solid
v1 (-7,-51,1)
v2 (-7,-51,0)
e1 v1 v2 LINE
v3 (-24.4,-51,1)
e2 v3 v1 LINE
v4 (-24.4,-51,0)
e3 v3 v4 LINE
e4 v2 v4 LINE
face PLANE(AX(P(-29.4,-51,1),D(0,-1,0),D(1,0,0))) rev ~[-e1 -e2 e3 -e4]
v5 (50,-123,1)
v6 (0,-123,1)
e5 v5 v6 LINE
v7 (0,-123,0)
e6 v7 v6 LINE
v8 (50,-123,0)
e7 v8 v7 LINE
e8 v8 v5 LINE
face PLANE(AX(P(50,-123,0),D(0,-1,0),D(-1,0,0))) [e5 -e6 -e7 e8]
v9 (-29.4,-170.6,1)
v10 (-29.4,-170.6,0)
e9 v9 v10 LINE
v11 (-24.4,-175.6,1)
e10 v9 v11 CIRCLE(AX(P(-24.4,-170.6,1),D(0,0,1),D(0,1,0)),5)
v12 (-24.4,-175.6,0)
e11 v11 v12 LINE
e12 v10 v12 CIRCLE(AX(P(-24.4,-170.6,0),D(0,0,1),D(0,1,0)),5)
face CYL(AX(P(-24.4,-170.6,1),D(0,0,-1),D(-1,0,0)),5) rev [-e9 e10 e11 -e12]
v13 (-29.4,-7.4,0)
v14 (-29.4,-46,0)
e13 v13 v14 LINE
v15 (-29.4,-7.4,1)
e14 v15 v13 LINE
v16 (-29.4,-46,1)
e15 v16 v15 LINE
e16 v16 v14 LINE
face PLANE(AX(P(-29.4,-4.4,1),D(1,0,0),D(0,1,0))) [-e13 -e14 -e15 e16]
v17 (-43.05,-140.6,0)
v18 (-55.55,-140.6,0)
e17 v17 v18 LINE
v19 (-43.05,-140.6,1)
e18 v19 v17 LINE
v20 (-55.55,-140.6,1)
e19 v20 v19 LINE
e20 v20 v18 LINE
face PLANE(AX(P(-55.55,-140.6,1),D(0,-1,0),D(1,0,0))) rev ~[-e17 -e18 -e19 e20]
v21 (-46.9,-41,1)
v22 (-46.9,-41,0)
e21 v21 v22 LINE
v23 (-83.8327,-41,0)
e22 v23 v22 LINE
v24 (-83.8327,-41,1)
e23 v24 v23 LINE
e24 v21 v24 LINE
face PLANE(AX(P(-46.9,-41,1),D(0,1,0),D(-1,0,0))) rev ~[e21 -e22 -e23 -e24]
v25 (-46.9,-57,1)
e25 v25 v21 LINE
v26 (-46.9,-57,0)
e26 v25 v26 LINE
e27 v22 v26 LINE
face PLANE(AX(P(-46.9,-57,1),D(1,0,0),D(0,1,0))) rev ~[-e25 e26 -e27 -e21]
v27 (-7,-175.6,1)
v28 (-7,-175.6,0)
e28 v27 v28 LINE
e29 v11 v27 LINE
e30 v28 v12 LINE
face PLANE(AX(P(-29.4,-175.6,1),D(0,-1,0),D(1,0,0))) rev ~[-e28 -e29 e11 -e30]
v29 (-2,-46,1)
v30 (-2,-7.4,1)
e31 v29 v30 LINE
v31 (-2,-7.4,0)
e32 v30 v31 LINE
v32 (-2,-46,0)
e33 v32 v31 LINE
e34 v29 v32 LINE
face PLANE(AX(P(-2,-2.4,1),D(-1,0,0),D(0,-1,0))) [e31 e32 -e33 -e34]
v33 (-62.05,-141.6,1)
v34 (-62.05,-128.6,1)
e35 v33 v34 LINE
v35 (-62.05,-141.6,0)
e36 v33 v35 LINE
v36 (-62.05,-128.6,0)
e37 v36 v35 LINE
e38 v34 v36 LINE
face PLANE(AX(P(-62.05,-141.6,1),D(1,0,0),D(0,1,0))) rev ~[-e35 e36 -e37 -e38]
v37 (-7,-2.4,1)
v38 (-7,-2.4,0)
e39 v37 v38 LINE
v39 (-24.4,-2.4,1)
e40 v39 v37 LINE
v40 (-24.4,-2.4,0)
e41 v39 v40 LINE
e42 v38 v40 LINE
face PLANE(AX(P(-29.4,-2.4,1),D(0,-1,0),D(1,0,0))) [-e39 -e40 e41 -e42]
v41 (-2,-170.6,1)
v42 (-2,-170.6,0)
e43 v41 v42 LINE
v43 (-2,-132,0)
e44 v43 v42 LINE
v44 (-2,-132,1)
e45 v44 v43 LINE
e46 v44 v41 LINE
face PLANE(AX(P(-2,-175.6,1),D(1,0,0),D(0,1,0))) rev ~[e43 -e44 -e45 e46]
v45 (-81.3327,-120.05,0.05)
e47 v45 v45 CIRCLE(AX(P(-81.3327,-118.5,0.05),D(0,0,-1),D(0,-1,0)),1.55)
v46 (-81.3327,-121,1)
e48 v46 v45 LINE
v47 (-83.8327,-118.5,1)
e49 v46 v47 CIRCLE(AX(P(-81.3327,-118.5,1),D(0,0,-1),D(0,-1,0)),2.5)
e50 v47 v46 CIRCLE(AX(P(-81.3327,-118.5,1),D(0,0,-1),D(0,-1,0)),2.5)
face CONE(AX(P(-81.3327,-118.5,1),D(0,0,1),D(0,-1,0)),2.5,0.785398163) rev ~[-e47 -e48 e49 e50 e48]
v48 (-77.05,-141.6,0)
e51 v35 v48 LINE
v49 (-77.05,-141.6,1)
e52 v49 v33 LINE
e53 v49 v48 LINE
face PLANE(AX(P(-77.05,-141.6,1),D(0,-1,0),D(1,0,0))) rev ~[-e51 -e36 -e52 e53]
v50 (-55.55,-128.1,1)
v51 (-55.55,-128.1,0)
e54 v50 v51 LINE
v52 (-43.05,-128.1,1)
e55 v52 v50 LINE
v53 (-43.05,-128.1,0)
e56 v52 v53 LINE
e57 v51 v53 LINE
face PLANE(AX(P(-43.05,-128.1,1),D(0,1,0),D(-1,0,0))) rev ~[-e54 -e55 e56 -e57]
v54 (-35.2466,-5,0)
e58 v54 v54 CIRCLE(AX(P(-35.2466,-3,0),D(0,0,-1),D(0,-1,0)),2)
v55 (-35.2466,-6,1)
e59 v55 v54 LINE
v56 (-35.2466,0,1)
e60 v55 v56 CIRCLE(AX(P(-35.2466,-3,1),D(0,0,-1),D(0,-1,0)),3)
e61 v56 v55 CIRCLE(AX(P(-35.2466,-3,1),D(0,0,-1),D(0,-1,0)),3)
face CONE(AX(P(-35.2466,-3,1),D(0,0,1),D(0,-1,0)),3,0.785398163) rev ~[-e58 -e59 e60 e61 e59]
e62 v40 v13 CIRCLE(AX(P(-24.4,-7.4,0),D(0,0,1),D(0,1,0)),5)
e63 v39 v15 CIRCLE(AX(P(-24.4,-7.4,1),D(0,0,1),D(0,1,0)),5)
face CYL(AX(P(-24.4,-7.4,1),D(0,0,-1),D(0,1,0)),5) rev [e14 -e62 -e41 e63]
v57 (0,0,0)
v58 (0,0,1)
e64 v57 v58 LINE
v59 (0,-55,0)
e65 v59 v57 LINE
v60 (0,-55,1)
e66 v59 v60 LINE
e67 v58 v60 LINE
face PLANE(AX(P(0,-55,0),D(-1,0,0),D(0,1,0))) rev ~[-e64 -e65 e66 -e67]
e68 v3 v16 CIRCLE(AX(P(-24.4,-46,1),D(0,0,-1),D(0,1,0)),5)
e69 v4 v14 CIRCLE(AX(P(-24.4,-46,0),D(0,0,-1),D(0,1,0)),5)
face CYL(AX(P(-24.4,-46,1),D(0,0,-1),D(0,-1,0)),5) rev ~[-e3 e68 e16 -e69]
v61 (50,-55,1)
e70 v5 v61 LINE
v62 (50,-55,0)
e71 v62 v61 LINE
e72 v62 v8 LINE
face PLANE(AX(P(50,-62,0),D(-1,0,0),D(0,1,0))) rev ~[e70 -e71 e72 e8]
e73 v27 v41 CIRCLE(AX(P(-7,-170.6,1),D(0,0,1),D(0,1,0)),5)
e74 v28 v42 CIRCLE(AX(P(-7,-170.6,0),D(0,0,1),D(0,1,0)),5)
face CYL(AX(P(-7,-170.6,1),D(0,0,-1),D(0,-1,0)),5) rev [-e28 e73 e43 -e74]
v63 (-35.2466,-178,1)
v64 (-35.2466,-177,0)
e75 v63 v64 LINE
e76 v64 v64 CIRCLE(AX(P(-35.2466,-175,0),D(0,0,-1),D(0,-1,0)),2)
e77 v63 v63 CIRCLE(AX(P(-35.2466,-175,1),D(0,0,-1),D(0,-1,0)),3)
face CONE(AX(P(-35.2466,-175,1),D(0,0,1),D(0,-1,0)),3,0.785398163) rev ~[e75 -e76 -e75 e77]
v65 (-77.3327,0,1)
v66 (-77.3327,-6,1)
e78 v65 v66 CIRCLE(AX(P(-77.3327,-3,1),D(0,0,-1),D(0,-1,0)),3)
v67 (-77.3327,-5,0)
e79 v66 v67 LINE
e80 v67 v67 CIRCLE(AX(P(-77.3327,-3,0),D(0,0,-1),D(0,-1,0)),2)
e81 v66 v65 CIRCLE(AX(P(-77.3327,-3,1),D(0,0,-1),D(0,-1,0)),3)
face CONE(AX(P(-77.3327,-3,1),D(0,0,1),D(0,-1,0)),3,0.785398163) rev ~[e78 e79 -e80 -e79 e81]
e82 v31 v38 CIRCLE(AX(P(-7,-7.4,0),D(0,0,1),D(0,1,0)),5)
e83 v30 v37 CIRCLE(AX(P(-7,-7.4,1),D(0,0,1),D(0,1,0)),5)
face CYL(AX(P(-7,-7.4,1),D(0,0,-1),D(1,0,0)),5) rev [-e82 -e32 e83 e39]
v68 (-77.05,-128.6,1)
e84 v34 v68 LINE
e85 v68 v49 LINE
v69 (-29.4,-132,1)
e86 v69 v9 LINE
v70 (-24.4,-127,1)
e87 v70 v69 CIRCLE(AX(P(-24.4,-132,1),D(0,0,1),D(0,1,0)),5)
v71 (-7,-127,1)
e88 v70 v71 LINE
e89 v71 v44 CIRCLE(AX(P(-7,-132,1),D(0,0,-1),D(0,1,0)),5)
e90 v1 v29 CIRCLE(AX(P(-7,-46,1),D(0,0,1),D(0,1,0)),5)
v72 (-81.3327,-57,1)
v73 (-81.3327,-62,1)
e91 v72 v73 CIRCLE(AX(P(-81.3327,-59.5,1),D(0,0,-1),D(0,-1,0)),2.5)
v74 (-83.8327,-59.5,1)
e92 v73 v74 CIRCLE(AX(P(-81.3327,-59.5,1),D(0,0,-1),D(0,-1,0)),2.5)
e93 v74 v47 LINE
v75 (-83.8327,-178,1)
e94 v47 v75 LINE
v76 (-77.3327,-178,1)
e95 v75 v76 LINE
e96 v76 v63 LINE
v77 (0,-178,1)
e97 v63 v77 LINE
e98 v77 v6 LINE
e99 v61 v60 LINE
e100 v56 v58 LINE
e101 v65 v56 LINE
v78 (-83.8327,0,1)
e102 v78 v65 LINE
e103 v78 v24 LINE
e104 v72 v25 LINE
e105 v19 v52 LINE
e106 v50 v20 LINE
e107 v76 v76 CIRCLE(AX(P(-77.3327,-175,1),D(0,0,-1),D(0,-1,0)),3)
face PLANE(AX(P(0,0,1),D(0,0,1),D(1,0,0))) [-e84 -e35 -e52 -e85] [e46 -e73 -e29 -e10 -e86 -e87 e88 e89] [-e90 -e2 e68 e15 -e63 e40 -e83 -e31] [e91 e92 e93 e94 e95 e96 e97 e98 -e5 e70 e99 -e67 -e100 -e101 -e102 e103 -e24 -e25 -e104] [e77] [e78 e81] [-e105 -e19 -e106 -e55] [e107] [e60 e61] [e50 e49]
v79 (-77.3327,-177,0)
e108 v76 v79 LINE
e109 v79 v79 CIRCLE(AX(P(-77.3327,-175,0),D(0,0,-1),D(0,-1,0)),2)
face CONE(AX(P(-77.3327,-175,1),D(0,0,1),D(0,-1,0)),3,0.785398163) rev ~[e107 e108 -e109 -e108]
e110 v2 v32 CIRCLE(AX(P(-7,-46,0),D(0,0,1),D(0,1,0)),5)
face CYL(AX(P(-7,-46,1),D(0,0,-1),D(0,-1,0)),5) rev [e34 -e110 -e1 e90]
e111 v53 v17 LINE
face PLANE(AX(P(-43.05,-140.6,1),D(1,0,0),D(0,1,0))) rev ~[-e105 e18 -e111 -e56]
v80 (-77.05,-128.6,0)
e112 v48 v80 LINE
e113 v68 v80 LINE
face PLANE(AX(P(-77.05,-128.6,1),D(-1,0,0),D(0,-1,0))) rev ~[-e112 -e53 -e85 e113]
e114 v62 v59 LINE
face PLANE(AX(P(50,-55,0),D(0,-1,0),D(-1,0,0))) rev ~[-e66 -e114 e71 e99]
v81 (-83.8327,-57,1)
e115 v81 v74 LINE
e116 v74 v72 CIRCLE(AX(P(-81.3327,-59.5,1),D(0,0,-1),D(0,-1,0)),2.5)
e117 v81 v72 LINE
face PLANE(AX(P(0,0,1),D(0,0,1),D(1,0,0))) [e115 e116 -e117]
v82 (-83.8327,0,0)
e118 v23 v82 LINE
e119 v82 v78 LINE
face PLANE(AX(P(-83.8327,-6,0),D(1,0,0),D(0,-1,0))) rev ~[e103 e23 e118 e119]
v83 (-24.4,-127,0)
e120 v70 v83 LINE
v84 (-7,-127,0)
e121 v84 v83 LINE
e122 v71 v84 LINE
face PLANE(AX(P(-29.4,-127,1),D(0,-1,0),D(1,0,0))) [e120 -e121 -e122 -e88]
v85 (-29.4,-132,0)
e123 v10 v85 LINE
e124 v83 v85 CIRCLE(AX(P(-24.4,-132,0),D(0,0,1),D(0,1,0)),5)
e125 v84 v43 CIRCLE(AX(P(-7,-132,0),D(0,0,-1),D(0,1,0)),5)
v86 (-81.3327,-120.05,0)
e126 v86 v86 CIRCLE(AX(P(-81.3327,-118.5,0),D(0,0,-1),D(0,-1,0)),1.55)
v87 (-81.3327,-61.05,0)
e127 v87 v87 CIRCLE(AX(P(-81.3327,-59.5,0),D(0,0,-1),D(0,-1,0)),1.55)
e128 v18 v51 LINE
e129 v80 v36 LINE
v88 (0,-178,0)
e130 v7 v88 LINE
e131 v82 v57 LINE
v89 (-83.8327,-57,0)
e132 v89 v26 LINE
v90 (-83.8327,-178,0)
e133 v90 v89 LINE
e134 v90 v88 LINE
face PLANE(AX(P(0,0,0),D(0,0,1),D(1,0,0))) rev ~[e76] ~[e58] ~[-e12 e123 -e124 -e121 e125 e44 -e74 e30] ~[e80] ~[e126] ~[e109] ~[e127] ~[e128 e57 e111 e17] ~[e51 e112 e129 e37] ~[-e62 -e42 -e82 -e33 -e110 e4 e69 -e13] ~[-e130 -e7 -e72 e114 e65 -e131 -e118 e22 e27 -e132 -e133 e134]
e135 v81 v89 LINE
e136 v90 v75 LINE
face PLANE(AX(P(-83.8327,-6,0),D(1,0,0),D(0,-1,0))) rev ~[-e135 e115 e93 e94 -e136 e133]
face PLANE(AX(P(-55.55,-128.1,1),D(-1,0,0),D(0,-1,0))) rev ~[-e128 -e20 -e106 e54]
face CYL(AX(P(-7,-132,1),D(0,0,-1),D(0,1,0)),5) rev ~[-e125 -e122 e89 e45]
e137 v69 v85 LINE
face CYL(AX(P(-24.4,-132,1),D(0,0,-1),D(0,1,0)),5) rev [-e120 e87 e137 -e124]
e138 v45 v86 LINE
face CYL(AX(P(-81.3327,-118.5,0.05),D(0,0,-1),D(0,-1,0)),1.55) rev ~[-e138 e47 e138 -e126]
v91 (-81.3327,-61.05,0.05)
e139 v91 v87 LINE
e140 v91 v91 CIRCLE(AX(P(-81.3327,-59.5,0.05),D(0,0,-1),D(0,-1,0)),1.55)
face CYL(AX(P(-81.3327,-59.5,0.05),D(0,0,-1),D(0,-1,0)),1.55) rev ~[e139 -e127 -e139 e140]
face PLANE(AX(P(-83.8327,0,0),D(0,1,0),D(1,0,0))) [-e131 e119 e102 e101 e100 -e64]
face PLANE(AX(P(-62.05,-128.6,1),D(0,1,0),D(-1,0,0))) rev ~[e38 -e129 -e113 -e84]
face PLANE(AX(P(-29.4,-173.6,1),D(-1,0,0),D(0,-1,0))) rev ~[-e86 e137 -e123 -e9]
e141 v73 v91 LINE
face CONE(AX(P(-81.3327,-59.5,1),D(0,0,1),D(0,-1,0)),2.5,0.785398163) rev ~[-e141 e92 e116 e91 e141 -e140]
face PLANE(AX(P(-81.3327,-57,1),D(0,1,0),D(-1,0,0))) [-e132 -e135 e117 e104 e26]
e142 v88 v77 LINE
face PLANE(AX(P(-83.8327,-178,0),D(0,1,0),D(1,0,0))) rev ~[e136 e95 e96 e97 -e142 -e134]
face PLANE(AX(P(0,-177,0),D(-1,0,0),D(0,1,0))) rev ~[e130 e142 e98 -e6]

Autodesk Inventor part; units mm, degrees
ref_plane "YZ Plane" through (0, 0, 0) normal (1, 0, 0) x (0, 1, 0)
ref_plane "XZ Plane" through (0, 0, 0) normal (0, 1, 0) x (-1, 0, 0)
ref_plane "XY Plane" through (0, 0, 0) normal (0, 0, 1) x (1, 0, 0)
ref_plane "Work Plane1" through (0, 0, 0) normal (0, 0, 1) x (1, 0, 0)
sketch "Sketch1" plane through (0, 0, 0) normal (0, 0, 1) x (1, 0, 0)
  line L0 (-42, -2) -> (-73.5901, -2) projected
  arc A0 (-39.1716, -4) -> (-42, -2) centre (-42, -5) ccw projected
  arc A1 (-39.1716, -4) -> (-36.3431, -6) centre (-36.3431, -3) ccw projected
  line L1 (-36, -6) -> (-36.3431, -6) projected
  arc A2 (-36, -6) -> (-33.1612, -3.9702) centre (-36, -3) ccw projected
  line L2 (-33, -2.5071) -> (-33, -2) projected
  line L3 (-32, -1) -> (0, -1) projected
  line L4 (0, 0) -> (0, -1) projected
  line L5 (-83.8327, 0) -> (0, 0) projected
  line L6 (-83.8327, 0) -> (-83.8327, -6) projected
  line L7 (-77.8327, -6) -> (-83.8327, -6) projected
  line L8 (-41.75, -176) -> (-73.5901, -176) projected
  line L9 (-77.8327, -172) -> (-83.8327, -172) projected
  line L10 (-83.8327, -178) -> (-83.8327, -172) projected
  line L11 (-83.8327, -178) -> (0, -178) projected
  line L12 (0, -178) -> (0, -177) projected
  line L13 (-31.75, -177) -> (0, -177) projected
  line L14 (-32.75, -175) -> (-32.75, -176) projected
  arc A3 (-32.75, -175) -> (-35.75, -172) centre (-35.75, -175) ccw projected
  line L15 (-35.75, -172) -> (-36.0931, -172) projected
  arc A4 (-36.0931, -172) -> (-38.9216, -174) centre (-36.0931, -175) ccw projected
  arc A5 (-41.75, -176) -> (-38.9216, -174) centre (-41.75, -173) ccw projected
  line L16 (0, 0) -> (-83.8327, 0)
  line L17 (-83.8327, 0) -> (-83.8327, -178)
  line L18 (-83.8327, -178) -> (0, -178)
  line L19 (0, -178) -> (0, 0)
  circle A6 centre (9.325, -58.5) radius 3 projected
  line L20 (-30.35, -55) -> (-30.35, -62) projected
  line L21 (-30.35, -62) -> (50, -62) projected
  line L22 (50, -62) -> (50, -55) projected
  line L23 (50, -55) -> (-30.35, -55) projected
  circle A7 centre (-81.3327, -118.5) radius 1.75 projected
  line L24 (50, -123) -> (-83.8327, -123) projected
  line L25 (50, -116) -> (50, -123) projected
  line L26 (-30.55, -116) -> (50, -116) projected
  line L27 (-30.55, -116) -> (-30.55, -121) projected
  line L28 (-30.55, -121) -> (-46.95, -121) projected
  line L29 (-46.95, -121) -> (-46.95, -116) projected
  line L30 (-83.8327, -116) -> (-46.95, -116) projected
  line L31 (-83.8327, -123) -> (-83.8327, -116) projected
  circle A8 centre (9.325, -119.5) radius 3 projected
  line L32 (0, -55) -> (50, -55)
  line L33 (50, -55) -> (50, -123)
  line L34 (50, -123) -> (0, -123)
  line L35 (0, -123) -> (0, -55)
  arc A9 (-32, -1) -> (-33, -2) centre (-32, -2) ccw projected
  circle A10 centre (-80.8327, -3) radius 2.3 projected
  arc A11 (-73.5901, -2) -> (-77.8327, -6) centre (-73.5901, -6.25) ccw projected
  arc A12 (-33, -2.5071) -> (-33.1612, -3.9702) centre (-35.2466, -3) ccw projected
  arc A13 (-32.75, -176) -> (-31.75, -177) centre (-31.75, -176) ccw projected
  circle A14 centre (-35.2466, -175) radius 2.3 projected
  circle A15 centre (-80.8327, -175) radius 2.3 projected
  arc A16 (-77.8327, -172) -> (-73.5901, -176) centre (-73.5901, -171.75) ccw projected
  point P0 (0, -123)
extrude "Extrusion1" add sketch "Sketch1" along normal blind 1 contours A0 A1 L1 A2 A12 L2 A9 L3 L19 L23 L20 L21 L26 L27 L28 L29 L30 L17 L7 A11 L0 | L0 A11 L7 L6 L5 L4 L3 A9 L2 A12 A2 L1 A1 A0 | L30 L29 L28 L27 L26 L19 L24 L17 | L24 L19 L13 A13 L14 A3 L15 A4 A5 L8 A16 L9 L17 | L9 A16 L8 A5 A4 L15 A3 L14 A13 L13 L12 L11 L10 | L19 L26 L25 L24 | L23 L22 L21 L19 | L19 L21 L20 L23 | L19 L21 L33 L26 | A6 | A7 | A8 | A10 | A14 | A15
sketch "Sketch3" plane through (0, 0, 1) normal (0, 0, 1) x (1, 0, 0)
  circle A0 centre (-81.3327, -59.5) radius 1.75 projected
  circle A1 centre (-81.3327, -118.5) radius 1.75 projected
  circle A2 centre (-77.3327, -3) radius 2.3 projected
  circle A3 centre (-35.2466, -3) radius 2.3 projected
  circle A4 centre (-35.2466, -175) radius 2.3 projected
  circle A5 centre (-77.3327, -175) radius 2.3 projected
  point P0 (0, 0)
hole "Hole1" at (-35.2466, -3, 1) at (-77.3327, -3, 1) at (-77.3327, -175, 1) at (-35.2466, -175, 1) direction (0, 0, -1) diameter 3.6 end through all countersink diameter 6 countersink angle 90 clearance for "Countersunk Flat Head Screw ISO 2009/7046" size "M3" standard "ISO"
sketch "Sketch4" plane through (0, 0, 1) normal (0, 0, 1) x (1, 0, 0)
  circle A0 centre (-81.3327, -59.5) radius 1.75 projected
  circle A1 centre (-81.3327, -118.5) radius 1.75 projected
  point P0 (0, 0)
hole "Hole2" at (-81.3327, -59.5, 1) at (-81.3327, -118.5, 1) direction (0, 0, -1) diameter 3.1 end through all countersink diameter 5 countersink angle 90 clearance for "Countersunk Flat Head Screw ISO 2009/7046" size "M2.5" standard "ISO"
sketch "Sketch5" plane through (0, 0, 1) normal (0, 0, 1) x (1, 0, 0)
  line L0 (-54.55, -139.6) -> (-54.55, -129.1) projected
  line L1 (-44.05, -129.1) -> (-54.55, -129.1) projected
  line L2 (-44.05, -129.1) -> (-44.05, -139.6) projected
  line L3 (-54.55, -139.6) -> (-44.05, -139.6) projected
  line L4 (-76.05, -140.6) -> (-76.05, -129.6) projected
  line L5 (-76.05, -129.6) -> (-63.05, -129.6) projected
  line L6 (-63.05, -129.6) -> (-63.05, -140.6) projected
  line L7 (-63.05, -140.6) -> (-76.05, -140.6) projected
  line L8 (-77.05, -123) -> (-77.05, -141.6) projected
  line L9 (-77.05, -141.6) -> (-35.75, -141.6) projected
  line L10 (-35.75, -141.6) -> (-35.75, -123) projected
  line L11 (-35.75, -123) -> (-77.05, -123) projected
  circle A0 centre (-73.6, -126.3) radius 1.5 projected
  circle A1 centre (-39.2, -126.3) radius 1.5 projected
  line L12 (-68.4939, -42.5) -> (-68.4939, -56.8) projected
  line L13 (-48.1, -42.4061) -> (-68.4, -42.4061) projected
  line L14 (-47.9, -56.9) -> (-47.9, -42.4) projected
  line L15 (-68.4, -56.8939) -> (-48.1, -56.8939) projected
  line L16 (-68.8327, -42) -> (-68.8327, -57) projected
  line L17 (-83.8327, -42) -> (-68.8327, -42) projected
  line L18 (-83.8327, -57) -> (-83.8327, -42) projected
  line L19 (-68.8327, -57) -> (-83.8327, -57) projected
  line L20 (-46.9, -41) -> (-83.8327, -41)
  line L21 (-83.8327, -41) -> (-83.8327, -57)
  line L22 (-83.8327, -57) -> (-46.9, -57)
  line L23 (-46.9, -57) -> (-46.9, -41)
  line L24 (50, -123) -> (50, -55) projected
  line L25 (50, -55) -> (0, -55) projected
  line L26 (0, -55) -> (0, 0) projected
  line L27 (0, 0) -> (-35.2466, 0) projected
  circle A2 centre (-35.2466, -3) radius 3 projected
  line L28 (-35.2466, 0) -> (-77.3327, 0) projected
  circle A3 centre (-77.3327, -3) radius 3 projected
  line L29 (-77.3327, 0) -> (-83.8327, 0) projected
  line L30 (-83.8327, 0) -> (-83.8327, -59.5) projected
  circle A4 centre (-81.3327, -59.5) radius 2.5 projected
  line L31 (-83.8327, -59.5) -> (-83.8327, -118.5) projected
  circle A5 centre (-81.3327, -118.5) radius 2.5 projected
  line L32 (-83.8327, -118.5) -> (-83.8327, -178) projected
  line L33 (-83.8327, -178) -> (-77.3327, -178) projected
  circle A6 centre (-77.3327, -175) radius 3 projected
  line L34 (-77.3327, -178) -> (-35.2466, -178) projected
  circle A7 centre (-35.2466, -175) radius 3 projected
  line L35 (-35.2466, -178) -> (0, -178) projected
  line L36 (0, -178) -> (0, -123) projected
  line L37 (0, -123) -> (50, -123) projected
  line L38 (-43.05, -140.6) -> (-43.05, -128.1)
  line L39 (-43.05, -128.1) -> (-55.55, -128.1)
  line L40 (-55.55, -128.1) -> (-55.55, -140.6)
  line L41 (-55.55, -140.6) -> (-43.05, -140.6)
  line L42 (-62.05, -141.6) -> (-62.05, -128.6)
  line L43 (-62.05, -128.6) -> (-77.05, -128.6)
  line L44 (-77.05, -128.6) -> (-77.05, -141.6)
  line L45 (-77.05, -141.6) -> (-62.05, -141.6)
  line L46 (-30, -4.4) -> (-2, -4.4) projected
  line L47 (-2, -173.6) -> (-30, -173.6) projected
  line L48 (-2, -4.4) -> (-29.4, -4.4)
  line L49 (-29.4, -4.4) -> (-29.4, -2.4)
  line L50 (-29.4, -2.4) -> (-2, -2.4)
  line L51 (-2, -2.4) -> (-2, -4.4)
  line L52 (-2, -173.6) -> (-29.4, -173.6)
  line L53 (-29.4, -173.6) -> (-29.4, -175.6)
  line L54 (-29.4, -175.6) -> (-2, -175.6)
  line L55 (-2, -175.6) -> (-2, -173.6)
  line L56 (-30, -51) -> (-2, -51) projected
  line L57 (-30, -4.4) -> (-2, -4.4) projected
  line L58 (50, -123) -> (50, -55) projected
  line L59 (50, -89) -> (-83.8327, -89) construction
  line L60 (-83.8327, 0) -> (-83.8327, -178) projected
  line L61 (-2, -51) -> (-29.4, -51)
  line L62 (-29.4, -51) -> (-29.4, -2.4)
  line L63 (-29.4, -2.4) -> (-2, -2.4)
  line L64 (-2, -2.4) -> (-2, -51)
  line L65 (-30, -127) -> (-2, -127)
  line L66 (-30, -173.6) -> (-2, -173.6)
  line L67 (-29.4, -127) -> (-29.4, -175.6)
  line L68 (-29.4, -175.6) -> (-2, -175.6)
  line L69 (-2, -175.6) -> (-2, -127)
  point P0 (-29.4, -4.4)
  point P1 (-29.4, -127)
  point P2 (-2, -173.6)
  point P3 (-2, -4.4)
  point P4 (-29.4, -4.4)
  point P5 (-29.4, -51)
  dimension "d16" = 1
  dimension "d17" = 0
  dimension "d18" = 0
  dimension "d19" = 1
  dimension "d20" = 1
  dimension "d21" = 1
  dimension "d28" = 2
  dimension "d29" = 2
extrude "Extrusion2" cut sketch "Sketch5" against normal up to next contours L0 L1 L2 L3 | L4 L5 L6 L7 | L43 L42 L9 L8 | L17 L21 L20 L23 L22 L16 | L16 L19 L18 L17 | L41 L40 L39 L38 | L49 L50 L51 L46 | L46 L64 L56 L62 | L55 L54 L53 L47 | L47 L67 L65 L69
fillet "Fillet1" radius 5 8 edges at (-2, -2.4, 0.5) (-2, -51, 0.5) (-29.4, -51, 0.5) (-29.4, -2.4, 0.5) (-29.4, -127, 0.5) (-2, -175.6, 0.5) (-2, -127, 0.5) (-29.4, -175.6, 0.5)
properties part number "ceil" material "ABS Plastic"
